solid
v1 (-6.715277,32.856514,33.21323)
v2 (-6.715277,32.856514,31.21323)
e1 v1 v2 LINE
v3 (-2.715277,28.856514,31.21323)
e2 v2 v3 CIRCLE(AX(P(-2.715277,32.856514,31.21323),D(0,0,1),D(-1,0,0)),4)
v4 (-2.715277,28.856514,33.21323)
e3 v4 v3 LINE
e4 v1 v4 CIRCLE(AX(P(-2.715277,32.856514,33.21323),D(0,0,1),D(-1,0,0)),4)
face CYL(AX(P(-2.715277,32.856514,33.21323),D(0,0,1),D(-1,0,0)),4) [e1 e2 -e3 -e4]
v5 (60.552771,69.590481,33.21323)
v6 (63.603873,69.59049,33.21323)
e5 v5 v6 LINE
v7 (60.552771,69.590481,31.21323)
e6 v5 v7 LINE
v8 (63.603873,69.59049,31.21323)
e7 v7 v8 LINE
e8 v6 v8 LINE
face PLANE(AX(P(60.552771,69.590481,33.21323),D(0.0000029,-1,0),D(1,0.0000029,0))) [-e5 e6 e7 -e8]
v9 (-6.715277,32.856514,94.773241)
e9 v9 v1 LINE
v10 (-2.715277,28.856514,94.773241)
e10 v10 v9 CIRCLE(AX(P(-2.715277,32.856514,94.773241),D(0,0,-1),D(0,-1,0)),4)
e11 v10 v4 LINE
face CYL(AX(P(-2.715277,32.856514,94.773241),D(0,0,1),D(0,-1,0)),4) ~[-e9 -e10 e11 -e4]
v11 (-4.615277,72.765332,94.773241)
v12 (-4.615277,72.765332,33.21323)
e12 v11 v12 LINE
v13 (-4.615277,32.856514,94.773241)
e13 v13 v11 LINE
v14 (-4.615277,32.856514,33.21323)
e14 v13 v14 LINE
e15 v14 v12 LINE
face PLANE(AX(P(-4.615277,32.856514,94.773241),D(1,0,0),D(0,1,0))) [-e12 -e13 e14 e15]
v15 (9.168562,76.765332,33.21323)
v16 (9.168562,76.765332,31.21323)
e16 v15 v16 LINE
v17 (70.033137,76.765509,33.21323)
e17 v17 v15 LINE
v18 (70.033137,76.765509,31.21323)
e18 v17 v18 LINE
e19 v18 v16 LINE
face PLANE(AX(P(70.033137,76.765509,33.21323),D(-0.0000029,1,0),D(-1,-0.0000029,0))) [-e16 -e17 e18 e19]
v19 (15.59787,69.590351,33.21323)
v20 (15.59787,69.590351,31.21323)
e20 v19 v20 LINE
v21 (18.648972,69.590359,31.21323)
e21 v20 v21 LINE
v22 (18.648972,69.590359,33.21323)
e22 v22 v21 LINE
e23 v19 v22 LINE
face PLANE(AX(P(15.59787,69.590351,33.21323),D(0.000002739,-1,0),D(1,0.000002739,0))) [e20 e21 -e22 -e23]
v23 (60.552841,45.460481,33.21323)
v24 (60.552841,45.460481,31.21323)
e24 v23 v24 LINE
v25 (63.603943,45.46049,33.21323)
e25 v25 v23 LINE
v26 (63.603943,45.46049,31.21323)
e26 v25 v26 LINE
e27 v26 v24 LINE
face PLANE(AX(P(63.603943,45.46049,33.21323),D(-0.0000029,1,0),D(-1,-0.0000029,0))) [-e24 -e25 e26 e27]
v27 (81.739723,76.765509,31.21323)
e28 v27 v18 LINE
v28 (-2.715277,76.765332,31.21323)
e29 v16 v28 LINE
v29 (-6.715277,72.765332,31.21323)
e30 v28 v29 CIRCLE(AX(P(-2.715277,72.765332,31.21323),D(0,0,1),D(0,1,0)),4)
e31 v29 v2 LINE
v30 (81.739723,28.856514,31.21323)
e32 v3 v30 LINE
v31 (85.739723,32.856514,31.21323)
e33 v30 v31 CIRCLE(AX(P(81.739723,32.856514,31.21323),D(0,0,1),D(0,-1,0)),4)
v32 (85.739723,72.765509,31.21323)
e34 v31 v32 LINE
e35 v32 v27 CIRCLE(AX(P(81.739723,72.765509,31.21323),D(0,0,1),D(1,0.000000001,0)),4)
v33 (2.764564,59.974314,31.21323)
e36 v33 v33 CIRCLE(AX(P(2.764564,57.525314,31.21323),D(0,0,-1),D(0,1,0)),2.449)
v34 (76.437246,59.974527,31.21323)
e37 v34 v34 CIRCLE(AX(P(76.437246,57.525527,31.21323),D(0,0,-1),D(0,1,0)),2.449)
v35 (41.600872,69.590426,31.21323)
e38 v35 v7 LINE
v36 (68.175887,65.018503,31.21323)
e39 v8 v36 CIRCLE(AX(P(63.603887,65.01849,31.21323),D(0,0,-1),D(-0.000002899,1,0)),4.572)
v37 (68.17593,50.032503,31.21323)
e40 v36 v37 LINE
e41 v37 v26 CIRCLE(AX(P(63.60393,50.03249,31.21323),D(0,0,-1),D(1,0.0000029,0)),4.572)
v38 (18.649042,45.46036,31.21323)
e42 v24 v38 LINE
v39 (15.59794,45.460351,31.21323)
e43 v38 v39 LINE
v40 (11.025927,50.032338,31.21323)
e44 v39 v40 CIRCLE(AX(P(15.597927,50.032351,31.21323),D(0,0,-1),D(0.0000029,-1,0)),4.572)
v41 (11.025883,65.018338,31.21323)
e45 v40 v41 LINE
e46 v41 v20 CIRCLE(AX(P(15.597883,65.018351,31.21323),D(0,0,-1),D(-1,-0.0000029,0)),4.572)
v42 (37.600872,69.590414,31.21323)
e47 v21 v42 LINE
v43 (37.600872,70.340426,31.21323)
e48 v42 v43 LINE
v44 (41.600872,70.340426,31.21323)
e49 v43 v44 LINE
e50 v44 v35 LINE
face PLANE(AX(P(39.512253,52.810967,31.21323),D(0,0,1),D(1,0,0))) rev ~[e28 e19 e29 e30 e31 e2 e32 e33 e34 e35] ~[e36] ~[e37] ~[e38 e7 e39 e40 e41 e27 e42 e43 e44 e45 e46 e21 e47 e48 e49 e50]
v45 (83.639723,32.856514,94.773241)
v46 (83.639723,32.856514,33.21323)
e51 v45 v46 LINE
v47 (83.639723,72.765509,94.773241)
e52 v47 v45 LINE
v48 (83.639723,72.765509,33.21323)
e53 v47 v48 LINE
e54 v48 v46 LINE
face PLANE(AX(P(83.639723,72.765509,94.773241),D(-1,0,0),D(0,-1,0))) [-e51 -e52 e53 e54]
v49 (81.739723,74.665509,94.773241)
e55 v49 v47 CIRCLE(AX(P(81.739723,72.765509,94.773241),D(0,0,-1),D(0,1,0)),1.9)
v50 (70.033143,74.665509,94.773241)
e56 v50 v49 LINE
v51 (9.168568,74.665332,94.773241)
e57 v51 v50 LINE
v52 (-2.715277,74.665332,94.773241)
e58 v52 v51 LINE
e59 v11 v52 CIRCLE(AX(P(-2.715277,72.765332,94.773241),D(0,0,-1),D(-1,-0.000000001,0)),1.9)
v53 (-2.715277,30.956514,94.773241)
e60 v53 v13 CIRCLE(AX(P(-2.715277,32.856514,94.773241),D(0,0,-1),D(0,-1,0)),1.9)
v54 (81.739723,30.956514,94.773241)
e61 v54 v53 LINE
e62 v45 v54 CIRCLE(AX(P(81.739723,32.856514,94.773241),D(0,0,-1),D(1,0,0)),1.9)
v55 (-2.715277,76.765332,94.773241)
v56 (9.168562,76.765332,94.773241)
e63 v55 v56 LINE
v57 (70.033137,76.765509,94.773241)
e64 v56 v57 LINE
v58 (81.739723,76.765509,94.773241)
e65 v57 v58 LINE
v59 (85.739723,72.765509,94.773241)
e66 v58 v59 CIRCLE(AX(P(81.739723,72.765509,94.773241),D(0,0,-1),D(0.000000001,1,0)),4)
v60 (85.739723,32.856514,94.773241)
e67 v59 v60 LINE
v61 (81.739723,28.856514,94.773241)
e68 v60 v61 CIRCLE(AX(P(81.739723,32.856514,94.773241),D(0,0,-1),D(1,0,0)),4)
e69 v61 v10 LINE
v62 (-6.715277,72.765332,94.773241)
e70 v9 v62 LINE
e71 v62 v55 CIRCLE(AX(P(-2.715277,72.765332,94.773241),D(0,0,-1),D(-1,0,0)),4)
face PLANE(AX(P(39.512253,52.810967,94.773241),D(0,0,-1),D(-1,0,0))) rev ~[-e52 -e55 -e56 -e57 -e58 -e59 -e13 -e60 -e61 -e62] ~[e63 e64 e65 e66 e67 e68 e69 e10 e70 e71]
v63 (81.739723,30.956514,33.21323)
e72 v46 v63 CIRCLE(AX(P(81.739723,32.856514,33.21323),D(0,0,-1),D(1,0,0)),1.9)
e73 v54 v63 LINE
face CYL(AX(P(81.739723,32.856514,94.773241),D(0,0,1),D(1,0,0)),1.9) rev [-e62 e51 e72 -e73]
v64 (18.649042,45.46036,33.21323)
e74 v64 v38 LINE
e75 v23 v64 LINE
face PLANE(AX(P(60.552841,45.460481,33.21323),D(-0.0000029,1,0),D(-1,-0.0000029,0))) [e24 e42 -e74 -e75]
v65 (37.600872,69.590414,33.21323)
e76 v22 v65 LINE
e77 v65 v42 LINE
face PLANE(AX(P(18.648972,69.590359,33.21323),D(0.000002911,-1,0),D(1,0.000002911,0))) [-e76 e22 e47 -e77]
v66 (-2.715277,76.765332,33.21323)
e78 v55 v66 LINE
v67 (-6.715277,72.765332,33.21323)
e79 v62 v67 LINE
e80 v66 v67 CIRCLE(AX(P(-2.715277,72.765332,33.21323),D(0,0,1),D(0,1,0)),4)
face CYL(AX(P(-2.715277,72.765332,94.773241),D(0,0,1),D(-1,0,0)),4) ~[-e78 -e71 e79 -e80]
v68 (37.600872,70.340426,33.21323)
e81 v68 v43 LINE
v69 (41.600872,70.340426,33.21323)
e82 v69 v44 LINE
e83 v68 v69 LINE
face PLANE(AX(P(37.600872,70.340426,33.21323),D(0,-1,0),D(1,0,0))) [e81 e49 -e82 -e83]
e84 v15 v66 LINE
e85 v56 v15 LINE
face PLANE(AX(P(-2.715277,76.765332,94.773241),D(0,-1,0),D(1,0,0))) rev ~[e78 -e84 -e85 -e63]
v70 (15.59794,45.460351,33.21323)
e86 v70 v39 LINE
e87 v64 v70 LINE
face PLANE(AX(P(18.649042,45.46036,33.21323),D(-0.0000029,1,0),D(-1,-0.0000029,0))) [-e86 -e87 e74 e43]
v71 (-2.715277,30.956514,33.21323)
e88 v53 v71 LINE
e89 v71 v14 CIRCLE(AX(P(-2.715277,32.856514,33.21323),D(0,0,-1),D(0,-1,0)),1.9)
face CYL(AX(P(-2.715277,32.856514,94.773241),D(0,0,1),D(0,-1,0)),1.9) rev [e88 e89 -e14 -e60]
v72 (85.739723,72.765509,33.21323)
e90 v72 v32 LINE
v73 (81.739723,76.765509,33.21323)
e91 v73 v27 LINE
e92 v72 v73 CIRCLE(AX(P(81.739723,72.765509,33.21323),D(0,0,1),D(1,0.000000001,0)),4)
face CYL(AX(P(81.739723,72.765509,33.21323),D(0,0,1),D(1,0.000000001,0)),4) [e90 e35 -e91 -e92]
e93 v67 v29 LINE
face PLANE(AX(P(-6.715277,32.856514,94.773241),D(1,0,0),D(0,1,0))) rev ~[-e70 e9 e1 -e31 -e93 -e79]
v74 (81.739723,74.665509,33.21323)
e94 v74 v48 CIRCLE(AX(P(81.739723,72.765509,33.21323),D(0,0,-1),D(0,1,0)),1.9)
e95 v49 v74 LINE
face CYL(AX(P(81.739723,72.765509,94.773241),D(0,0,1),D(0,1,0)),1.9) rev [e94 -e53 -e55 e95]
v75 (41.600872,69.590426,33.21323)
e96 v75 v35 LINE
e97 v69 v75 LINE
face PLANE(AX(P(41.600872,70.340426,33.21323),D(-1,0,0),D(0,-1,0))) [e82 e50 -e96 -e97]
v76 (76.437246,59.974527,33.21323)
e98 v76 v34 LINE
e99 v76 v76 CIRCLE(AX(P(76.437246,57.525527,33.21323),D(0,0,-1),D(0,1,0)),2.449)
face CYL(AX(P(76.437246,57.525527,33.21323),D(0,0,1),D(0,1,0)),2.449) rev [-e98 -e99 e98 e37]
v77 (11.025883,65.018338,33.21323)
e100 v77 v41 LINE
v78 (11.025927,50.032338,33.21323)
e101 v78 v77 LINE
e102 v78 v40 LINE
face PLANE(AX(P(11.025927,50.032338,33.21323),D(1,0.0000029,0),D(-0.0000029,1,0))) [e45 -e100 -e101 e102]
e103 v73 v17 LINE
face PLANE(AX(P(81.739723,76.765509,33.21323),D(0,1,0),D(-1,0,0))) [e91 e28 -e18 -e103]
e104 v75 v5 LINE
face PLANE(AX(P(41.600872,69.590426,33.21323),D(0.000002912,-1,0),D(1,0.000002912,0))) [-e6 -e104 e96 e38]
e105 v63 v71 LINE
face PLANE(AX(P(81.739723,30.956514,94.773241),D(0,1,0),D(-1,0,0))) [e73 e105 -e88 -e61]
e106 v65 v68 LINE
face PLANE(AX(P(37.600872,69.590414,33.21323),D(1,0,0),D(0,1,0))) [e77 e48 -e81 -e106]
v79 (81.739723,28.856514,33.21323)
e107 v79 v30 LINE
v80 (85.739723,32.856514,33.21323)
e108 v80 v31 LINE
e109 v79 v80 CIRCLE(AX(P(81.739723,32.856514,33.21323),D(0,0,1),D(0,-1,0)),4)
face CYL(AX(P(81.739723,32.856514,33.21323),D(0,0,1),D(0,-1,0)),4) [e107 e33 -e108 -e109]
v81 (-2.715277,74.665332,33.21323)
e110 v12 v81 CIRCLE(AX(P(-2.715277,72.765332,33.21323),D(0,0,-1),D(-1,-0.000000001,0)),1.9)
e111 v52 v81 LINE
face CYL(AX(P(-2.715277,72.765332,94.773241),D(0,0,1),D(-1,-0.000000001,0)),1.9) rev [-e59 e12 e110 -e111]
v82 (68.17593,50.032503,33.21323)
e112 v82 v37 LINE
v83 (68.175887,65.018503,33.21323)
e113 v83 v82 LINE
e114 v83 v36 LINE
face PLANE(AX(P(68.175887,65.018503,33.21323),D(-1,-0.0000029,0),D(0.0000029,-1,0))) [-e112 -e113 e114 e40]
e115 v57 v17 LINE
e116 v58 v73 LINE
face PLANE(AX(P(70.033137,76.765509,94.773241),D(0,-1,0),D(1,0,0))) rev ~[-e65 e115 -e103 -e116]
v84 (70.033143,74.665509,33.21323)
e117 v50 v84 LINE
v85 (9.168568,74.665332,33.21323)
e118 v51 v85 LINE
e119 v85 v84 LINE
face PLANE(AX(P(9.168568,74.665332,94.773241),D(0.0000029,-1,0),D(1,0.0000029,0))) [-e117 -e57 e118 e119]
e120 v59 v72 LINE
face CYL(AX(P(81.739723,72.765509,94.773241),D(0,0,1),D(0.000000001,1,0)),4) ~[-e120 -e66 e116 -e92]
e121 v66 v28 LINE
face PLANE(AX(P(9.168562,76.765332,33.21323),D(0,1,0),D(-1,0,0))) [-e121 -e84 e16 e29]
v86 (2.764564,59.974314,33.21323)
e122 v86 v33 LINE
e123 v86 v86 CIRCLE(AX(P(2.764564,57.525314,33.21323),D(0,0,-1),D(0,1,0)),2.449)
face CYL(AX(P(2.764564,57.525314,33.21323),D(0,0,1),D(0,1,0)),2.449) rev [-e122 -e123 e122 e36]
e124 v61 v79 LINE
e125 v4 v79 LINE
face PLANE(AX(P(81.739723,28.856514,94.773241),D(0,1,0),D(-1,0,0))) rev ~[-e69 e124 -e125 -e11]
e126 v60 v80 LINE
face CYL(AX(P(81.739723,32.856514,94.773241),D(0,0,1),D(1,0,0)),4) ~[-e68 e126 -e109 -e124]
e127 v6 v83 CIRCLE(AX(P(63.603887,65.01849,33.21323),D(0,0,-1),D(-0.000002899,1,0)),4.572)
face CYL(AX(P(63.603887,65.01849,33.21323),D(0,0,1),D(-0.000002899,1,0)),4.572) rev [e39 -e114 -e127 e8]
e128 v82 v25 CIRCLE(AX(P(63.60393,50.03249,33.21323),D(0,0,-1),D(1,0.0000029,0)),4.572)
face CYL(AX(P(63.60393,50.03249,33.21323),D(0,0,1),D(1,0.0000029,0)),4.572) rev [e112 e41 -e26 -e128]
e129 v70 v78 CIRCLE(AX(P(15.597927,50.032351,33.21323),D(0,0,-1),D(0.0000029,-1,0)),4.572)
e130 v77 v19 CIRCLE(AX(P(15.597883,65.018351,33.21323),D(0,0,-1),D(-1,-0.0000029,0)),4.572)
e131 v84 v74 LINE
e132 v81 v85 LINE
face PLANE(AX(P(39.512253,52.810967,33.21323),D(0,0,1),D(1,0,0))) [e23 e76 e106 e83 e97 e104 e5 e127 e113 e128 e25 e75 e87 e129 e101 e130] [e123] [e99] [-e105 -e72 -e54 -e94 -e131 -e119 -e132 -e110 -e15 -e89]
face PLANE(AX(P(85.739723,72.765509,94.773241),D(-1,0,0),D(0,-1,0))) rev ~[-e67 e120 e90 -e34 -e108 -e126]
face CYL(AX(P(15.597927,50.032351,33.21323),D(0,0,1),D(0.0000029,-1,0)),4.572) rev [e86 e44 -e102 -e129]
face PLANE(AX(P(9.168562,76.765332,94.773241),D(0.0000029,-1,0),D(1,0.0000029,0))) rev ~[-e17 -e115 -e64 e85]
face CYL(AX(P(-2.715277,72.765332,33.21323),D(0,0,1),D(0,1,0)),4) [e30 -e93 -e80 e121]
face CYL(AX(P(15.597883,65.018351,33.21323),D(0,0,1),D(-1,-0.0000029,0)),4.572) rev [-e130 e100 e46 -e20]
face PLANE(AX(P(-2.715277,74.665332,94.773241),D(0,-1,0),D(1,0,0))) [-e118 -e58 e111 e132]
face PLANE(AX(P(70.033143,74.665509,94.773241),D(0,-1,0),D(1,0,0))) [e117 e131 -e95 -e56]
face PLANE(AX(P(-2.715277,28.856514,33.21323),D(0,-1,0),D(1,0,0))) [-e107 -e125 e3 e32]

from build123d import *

# Parameters (mm, degrees)
SKETCH1_R           = 2.449
BOSS_EXTRUDE1_DEPTH = 2
BOSS_EXTRUDE2_START = 61.5600102
BOSS_EXTRUDE2_DEPTH = 61.5600102


with BuildPart() as part:
    # Sketch1 → Boss-Extrude1 (new body)
    with BuildSketch(Plane(origin=(0, 7e-09, 33.21323041), x_dir=(-1, 0, 0), z_dir=(0, -2.14626958308228e-10, -1.0))):
        with BuildLine():
            Line((-81.739723186, 76.765508674), (-70.033136805, 76.765508674))
            Line((-70.033136805, 76.765508674), (-9.168561928, 76.76533218))
            Line((-9.168561928, 76.76533218), (2.715276814, 76.76533218))
            ThreePointArc((2.715276814, 76.76533218), (5.543703939, 75.593759305), (6.715276814, 72.76533218))
            Line((6.715276814, 72.76533218), (6.715276814, 40.456513609))
            Line((6.715276814, 40.456513609), (6.715276814, 38.856513609))
            Line((6.715276814, 38.856513609), (6.715276814, 32.856513609))
            ThreePointArc((6.715276814, 32.856513609), (5.543703939, 30.028086484), (2.715276814, 28.856513609))
            Line((2.715276814, 28.856513609), (-81.739723186, 28.856513609))
            ThreePointArc((-81.739723186, 28.856513609), (-84.56815031, 30.028086484), (-85.739723186, 32.856513609))
            Line((-85.739723186, 32.856513609), (-85.739723186, 38.856513609))
            Line((-85.739723186, 38.856513609), (-85.739723186, 40.456513609))
            Line((-85.739723186, 40.456513609), (-85.739723186, 72.765508674))
            ThreePointArc((-85.739723186, 72.765508674), (-84.56815031, 75.593935798), (-81.739723186, 76.765508674))
        make_face()
        with Locations(Location((-2.764563873, 57.52531361, 0), (0, 0, 90))):
            Circle(SKETCH1_R, mode=Mode.SUBTRACT)
        with Locations(Location((-76.437246444, 57.525527244, 0), (0, 0, 90))):
            Circle(SKETCH1_R, mode=Mode.SUBTRACT)
        with BuildLine():
            Line((-63.603943309, 45.46049003), (-60.552841344, 45.460481183))
            Line((-60.552841344, 45.460481183), (-18.649041914, 45.460359671))
            Line((-18.649041914, 45.460359671), (-15.597940144, 45.460350824))
            ThreePointArc((-15.597940144, 45.460350824), (-12.365044057, 46.799449246), (-11.025926886, 50.032337566))
            Line((-11.025926886, 50.032337566), (-11.02588343, 65.018337566))
            ThreePointArc((-11.02588343, 65.018337566), (-12.364981852, 68.251233653), (-15.597870172, 69.590350824))
            Line((-15.597870172, 69.590350824), (-18.648972138, 69.59035918))
            Line((-18.648972138, 69.59035918), (-37.600871755, 69.590414358))
            Line((-37.600871755, 69.590414358), (-37.600871755, 70.340426004))
            Line((-37.600871755, 70.340426004), (-41.600871755, 70.340426004))
            Line((-41.600871755, 70.340426004), (-41.600871755, 69.590426004))
            Line((-41.600871755, 69.590426004), (-60.552771373, 69.590481183))
            Line((-60.552771373, 69.590481183), (-63.603873338, 69.59049003))
            ThreePointArc((-63.603873338, 69.59049003), (-66.836769424, 68.251391608), (-68.175886596, 65.018503288))
            Line((-68.175886596, 65.018503288), (-68.175930051, 50.032503288))
            ThreePointArc((-68.175930051, 50.032503288), (-66.83683163, 46.799607201), (-63.603943309, 45.46049003))
        make_face(mode=Mode.SUBTRACT)
    extrude(amount=BOSS_EXTRUDE1_DEPTH)

    # Sketch2 → Boss-Extrude2 (add)
    with BuildSketch(Plane.XY.offset(33.21323041).offset(BOSS_EXTRUDE2_START)):
        with BuildLine():
            Line((81.739723186, 28.856513609), (-2.715276814, 28.856513609))
            ThreePointArc((-2.715276814, 28.856513609), (-5.543703939, 30.028086484), (-6.715276814, 32.856513609))
            Line((-6.715276814, 32.856513609), (-6.715276814, 72.76533218))
            ThreePointArc((-6.715276814, 72.76533218), (-5.543703939, 75.593759305), (-2.715276814, 76.76533218))
            Line((-2.715276814, 76.76533218), (9.168561928, 76.76533218))
            Line((9.168561928, 76.76533218), (70.033136805, 76.765508674))
            Line((70.033136805, 76.765508674), (81.739723186, 76.765508674))
            ThreePointArc((81.739723186, 76.765508674), (84.56815031, 75.593935798), (85.739723186, 72.765508674))
            Line((85.739723186, 72.765508674), (85.739723186, 32.856513609))
            ThreePointArc((85.739723186, 32.856513609), (84.56815031, 30.028086484), (81.739723186, 28.856513609))
        make_face()
        with BuildLine():
            Line((9.168568018, 74.66533218), (70.033142895, 74.665508674))
            Line((70.033142895, 74.665508674), (81.739723186, 74.665508674))
            ThreePointArc((81.739723186, 74.665508674), (83.08322607, 74.109011558), (83.639723186, 72.765508674))
            Line((83.639723186, 72.765508674), (83.639723186, 32.856513609))
            ThreePointArc((83.639723186, 32.856513609), (83.08322607, 31.513010725), (81.739723186, 30.956513609))
            Line((81.739723186, 30.956513609), (-2.715276814, 30.956513609))
            ThreePointArc((-2.715276814, 30.956513609), (-4.058779699, 31.513010725), (-4.615276814, 32.856513609))
            Line((-4.615276814, 32.856513609), (-4.615276814, 72.76533218))
            ThreePointArc((-4.615276814, 72.76533218), (-4.058779699, 74.108835065), (-2.715276814, 74.66533218))
            Line((-2.715276814, 74.66533218), (9.168568018, 74.66533218))
        make_face(mode=Mode.SUBTRACT)
    extrude(amount=-BOSS_EXTRUDE2_DEPTH)


solid = part.part
